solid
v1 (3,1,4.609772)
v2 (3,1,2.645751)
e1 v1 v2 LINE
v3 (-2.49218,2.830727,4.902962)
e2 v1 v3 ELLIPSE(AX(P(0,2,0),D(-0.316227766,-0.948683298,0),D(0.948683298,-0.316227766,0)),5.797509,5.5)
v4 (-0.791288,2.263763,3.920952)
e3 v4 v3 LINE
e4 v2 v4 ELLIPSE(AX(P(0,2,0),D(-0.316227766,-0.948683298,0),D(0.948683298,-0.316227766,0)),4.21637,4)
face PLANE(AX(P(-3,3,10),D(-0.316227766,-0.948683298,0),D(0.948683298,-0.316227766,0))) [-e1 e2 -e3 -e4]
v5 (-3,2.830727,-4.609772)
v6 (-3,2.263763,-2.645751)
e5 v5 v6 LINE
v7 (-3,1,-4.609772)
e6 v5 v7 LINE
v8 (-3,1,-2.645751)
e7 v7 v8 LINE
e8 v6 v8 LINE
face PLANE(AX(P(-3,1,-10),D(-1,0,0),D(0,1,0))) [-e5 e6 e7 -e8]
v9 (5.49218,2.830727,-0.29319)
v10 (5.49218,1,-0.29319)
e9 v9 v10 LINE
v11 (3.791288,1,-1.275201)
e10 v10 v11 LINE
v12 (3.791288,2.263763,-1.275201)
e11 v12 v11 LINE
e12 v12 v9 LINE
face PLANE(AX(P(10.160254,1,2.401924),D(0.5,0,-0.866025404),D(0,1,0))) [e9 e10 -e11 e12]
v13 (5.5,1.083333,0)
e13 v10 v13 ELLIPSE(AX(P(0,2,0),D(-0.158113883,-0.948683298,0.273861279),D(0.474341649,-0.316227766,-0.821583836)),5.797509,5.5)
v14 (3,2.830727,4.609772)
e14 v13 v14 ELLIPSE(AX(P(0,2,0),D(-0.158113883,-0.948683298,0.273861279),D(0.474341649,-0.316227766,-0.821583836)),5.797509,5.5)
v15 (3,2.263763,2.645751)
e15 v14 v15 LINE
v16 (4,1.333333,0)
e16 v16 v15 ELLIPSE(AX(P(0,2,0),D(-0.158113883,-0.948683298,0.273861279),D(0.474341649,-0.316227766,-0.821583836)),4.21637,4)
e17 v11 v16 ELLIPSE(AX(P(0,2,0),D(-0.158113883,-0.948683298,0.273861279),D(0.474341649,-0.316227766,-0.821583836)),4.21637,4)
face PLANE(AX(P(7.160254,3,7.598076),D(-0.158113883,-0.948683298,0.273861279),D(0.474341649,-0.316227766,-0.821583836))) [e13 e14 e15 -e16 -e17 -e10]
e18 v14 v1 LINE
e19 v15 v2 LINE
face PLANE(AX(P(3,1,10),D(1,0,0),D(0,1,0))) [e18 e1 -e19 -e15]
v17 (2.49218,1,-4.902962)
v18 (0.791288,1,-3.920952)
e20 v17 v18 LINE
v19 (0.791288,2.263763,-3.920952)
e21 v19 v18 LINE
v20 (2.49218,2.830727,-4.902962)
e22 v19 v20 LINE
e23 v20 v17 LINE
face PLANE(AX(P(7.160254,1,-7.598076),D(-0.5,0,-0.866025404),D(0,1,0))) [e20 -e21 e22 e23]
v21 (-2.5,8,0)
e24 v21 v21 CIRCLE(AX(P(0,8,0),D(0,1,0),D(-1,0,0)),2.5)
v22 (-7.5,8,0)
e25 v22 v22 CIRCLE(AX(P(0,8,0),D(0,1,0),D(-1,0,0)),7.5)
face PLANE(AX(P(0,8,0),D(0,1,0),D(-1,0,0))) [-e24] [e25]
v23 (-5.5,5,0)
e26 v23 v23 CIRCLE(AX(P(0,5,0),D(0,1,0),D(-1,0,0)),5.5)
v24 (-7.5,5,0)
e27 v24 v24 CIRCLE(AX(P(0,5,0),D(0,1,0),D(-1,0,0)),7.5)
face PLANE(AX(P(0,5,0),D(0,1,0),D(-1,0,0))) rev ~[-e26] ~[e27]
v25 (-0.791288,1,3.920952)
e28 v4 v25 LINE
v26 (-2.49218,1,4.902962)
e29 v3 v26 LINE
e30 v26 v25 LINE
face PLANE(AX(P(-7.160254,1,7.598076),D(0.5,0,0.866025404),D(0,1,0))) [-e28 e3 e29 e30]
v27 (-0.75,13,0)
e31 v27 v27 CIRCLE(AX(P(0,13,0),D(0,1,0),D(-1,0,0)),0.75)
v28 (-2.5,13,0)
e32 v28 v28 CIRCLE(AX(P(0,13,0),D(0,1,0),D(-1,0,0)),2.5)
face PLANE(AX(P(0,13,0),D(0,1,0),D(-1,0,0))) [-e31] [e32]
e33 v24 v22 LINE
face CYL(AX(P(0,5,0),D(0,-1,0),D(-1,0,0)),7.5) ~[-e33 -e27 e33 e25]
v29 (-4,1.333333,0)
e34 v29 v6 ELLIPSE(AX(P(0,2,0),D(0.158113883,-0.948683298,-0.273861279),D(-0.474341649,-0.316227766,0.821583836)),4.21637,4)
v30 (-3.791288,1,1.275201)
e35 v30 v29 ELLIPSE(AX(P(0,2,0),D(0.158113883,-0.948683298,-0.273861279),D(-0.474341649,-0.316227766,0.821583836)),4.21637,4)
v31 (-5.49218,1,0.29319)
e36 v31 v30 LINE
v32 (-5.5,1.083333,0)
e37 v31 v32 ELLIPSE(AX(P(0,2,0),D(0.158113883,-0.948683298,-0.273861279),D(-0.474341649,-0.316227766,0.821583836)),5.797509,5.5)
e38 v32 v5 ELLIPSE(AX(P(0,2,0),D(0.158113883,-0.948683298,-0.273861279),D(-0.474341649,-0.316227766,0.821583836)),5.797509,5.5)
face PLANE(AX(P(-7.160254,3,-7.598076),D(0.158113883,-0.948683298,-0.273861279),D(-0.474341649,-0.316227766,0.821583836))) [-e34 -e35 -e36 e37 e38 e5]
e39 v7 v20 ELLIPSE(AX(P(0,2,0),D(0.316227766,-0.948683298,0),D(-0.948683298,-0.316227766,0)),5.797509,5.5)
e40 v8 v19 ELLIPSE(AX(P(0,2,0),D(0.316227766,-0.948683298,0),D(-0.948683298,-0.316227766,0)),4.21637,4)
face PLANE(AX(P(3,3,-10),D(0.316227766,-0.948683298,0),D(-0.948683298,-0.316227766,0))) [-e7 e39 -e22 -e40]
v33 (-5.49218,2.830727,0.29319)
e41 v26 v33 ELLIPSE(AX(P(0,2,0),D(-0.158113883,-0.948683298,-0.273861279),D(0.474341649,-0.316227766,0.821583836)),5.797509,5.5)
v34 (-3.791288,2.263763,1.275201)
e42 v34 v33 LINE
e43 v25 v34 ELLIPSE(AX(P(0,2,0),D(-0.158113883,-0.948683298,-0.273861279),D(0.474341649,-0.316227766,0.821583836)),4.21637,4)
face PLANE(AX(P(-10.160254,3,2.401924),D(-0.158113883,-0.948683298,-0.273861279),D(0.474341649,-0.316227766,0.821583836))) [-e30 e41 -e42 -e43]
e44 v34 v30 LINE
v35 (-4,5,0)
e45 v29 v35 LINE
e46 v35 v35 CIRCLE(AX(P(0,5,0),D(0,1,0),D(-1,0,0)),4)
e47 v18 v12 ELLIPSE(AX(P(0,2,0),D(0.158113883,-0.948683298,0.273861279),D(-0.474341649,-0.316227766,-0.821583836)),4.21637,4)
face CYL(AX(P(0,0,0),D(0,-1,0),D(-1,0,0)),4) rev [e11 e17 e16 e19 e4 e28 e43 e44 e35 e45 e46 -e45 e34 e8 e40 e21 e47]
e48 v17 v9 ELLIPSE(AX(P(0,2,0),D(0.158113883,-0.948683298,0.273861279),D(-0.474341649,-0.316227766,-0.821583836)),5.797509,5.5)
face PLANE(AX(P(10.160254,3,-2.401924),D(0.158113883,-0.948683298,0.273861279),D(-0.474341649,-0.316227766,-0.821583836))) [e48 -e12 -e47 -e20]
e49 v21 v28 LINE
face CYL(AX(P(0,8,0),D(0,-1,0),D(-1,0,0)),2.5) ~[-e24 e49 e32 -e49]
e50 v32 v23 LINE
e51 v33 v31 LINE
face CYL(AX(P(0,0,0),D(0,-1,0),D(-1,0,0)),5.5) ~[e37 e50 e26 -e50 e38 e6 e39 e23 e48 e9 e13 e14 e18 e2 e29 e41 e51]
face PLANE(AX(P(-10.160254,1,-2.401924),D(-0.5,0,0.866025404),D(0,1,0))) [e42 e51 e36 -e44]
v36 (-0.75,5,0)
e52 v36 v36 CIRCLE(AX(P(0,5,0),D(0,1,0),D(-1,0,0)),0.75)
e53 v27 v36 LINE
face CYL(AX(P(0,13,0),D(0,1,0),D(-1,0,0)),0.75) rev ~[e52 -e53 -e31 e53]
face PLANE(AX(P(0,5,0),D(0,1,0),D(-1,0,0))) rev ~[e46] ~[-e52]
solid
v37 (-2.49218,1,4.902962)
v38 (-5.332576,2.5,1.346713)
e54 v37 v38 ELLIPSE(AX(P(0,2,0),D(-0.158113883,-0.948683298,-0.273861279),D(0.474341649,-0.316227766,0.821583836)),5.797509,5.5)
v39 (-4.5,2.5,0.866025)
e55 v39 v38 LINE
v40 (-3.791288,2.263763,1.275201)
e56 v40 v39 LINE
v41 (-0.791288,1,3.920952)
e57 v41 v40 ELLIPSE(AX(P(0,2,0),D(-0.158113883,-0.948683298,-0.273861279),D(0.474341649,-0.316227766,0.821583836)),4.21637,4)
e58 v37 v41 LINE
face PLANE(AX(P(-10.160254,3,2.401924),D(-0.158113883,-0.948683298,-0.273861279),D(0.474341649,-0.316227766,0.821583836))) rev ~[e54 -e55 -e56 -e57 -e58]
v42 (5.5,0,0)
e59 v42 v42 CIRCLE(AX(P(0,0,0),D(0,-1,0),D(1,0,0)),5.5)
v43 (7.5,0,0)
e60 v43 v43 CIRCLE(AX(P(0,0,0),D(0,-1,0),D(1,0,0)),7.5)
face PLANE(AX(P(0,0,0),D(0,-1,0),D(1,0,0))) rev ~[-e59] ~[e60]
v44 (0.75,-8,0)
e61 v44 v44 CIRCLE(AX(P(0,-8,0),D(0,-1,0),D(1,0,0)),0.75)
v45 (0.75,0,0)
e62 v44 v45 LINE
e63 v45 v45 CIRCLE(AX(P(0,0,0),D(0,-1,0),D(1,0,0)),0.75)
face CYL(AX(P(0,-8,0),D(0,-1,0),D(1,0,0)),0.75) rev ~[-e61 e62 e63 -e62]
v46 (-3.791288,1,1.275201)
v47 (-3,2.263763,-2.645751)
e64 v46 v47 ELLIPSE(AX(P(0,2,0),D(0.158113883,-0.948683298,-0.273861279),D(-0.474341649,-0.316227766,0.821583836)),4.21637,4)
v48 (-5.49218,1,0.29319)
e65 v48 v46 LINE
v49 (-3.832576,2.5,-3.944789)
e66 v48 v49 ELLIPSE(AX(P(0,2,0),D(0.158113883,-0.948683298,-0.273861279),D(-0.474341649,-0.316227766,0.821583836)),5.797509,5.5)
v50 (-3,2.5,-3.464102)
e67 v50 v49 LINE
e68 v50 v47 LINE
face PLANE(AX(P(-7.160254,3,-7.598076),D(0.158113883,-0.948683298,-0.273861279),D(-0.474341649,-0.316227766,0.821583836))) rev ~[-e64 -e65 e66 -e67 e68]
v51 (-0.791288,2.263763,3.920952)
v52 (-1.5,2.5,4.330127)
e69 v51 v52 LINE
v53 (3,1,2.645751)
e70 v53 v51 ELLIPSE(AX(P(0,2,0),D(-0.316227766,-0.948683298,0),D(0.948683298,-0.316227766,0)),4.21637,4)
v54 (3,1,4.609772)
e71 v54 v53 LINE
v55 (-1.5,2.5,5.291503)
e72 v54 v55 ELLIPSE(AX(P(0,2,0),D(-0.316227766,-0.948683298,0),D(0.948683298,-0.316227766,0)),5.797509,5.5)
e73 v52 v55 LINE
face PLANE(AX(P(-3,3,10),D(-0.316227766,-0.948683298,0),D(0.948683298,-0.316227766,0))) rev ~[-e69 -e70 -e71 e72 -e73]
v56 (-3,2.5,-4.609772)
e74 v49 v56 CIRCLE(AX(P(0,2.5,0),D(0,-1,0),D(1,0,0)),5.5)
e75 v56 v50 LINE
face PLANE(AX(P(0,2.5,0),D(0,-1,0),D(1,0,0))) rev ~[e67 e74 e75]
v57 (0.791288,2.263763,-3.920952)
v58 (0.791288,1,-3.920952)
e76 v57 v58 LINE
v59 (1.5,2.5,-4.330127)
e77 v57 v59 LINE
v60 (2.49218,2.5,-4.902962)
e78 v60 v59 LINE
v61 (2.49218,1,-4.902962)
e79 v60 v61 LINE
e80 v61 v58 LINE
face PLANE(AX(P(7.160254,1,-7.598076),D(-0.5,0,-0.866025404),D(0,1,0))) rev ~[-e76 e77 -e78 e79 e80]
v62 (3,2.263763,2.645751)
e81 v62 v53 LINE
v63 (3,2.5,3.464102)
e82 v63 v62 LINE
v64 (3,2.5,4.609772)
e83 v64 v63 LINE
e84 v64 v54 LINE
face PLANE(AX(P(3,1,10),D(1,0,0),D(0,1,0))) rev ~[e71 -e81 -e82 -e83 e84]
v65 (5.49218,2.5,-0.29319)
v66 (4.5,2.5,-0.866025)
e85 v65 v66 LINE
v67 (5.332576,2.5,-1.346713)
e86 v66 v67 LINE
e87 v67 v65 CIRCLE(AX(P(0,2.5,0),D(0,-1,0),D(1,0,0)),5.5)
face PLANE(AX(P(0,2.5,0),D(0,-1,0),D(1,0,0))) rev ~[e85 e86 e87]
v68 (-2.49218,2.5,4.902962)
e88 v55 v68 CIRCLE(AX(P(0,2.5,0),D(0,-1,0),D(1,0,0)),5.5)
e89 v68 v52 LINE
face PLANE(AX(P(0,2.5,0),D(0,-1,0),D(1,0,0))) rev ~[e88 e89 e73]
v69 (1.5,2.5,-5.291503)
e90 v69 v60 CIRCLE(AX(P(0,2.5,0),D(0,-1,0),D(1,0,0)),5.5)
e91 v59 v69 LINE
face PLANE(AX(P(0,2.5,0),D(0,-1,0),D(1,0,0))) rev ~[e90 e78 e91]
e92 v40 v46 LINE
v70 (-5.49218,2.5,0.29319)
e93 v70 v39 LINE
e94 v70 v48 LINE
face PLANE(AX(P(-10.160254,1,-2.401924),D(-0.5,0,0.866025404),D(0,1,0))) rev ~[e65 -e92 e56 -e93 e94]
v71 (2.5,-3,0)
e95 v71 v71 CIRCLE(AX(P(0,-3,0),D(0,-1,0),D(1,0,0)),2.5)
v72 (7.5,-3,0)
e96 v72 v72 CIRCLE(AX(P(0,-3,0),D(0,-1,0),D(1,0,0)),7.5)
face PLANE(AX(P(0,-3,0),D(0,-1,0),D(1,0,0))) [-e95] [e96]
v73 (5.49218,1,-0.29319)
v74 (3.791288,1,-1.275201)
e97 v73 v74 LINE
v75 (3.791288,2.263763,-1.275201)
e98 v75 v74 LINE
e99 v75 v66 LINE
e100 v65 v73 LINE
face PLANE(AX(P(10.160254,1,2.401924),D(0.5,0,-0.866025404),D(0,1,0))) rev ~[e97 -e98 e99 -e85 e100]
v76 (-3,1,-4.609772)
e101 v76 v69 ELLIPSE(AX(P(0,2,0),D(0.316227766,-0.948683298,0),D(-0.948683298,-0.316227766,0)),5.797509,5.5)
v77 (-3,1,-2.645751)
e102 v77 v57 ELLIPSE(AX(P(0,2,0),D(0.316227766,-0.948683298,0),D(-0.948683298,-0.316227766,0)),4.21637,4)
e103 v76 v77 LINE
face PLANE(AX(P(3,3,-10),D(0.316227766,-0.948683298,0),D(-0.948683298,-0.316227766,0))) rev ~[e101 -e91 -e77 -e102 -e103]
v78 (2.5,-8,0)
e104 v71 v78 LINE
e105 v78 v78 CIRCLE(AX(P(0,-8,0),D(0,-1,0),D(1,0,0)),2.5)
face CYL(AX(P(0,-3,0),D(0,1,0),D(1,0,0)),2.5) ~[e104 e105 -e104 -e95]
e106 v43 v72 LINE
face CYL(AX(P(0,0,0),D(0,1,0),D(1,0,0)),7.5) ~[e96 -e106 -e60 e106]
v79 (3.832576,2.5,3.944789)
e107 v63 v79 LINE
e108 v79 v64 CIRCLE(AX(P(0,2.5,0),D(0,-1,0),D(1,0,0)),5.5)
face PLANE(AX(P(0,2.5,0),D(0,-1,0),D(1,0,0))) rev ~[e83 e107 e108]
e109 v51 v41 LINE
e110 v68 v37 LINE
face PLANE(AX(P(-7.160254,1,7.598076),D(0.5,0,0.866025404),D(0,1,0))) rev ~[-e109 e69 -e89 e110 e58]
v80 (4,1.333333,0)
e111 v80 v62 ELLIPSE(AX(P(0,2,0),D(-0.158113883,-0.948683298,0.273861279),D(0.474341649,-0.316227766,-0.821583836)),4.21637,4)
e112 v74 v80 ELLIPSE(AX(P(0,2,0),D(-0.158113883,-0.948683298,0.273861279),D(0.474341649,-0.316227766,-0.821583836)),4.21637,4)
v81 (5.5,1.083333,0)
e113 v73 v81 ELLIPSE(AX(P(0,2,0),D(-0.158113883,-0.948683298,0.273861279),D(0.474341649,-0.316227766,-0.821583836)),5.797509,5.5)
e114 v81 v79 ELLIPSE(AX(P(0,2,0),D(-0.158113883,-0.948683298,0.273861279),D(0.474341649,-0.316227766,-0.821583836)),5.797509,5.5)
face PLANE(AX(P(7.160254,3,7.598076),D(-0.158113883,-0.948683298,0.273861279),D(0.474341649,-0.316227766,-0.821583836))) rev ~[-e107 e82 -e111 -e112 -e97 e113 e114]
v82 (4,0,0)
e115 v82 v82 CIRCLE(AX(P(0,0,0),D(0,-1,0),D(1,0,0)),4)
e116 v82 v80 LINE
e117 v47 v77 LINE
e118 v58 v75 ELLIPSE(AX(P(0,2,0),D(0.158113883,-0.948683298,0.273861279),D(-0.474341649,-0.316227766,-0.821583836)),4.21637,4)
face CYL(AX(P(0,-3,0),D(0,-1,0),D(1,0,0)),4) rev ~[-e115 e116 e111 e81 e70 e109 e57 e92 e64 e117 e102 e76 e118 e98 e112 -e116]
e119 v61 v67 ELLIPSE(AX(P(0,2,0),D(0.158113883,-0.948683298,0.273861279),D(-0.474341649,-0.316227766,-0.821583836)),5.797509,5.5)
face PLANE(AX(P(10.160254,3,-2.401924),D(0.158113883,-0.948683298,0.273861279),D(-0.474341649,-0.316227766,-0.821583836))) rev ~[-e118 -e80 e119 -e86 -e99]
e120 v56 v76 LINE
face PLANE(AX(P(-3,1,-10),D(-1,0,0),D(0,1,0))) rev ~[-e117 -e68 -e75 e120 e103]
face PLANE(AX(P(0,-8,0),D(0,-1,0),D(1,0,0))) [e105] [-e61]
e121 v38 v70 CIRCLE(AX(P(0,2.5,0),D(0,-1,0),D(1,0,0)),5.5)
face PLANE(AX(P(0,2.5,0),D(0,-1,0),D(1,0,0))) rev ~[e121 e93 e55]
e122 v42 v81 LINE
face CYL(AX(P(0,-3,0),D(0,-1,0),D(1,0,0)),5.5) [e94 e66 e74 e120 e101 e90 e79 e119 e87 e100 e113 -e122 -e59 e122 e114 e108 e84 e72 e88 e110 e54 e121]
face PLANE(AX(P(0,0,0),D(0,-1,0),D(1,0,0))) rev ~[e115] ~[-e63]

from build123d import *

# Parameters (mm, degrees)
F0_R      = 7.5
F1_DEPTH  = 3
F2_R      = 2.5
F3_DEPTH  = 5
F4_R      = 0.75
F5_DEPTH  = 8.001
F6_R      = 5.5
F6_R_2    = 4
F7_DEPTH  = 6
F10_DEPTH = 10
F11_COUNT = 6
F13_R     = 5.5
F13_R_2   = 4
F14_DEPTH = 5
F15_R     = 7.5
F16_DEPTH = 3
F17_R     = 2.5
F18_DEPTH = 5
F19_R     = 0.75
F20_DEPTH = 25
F22_R     = 7.5
F23_DEPTH = 2.5


with BuildPart() as f1:
    # F0 (on Front) → F1 (new body)
    with BuildSketch(Plane.XZ):
        Circle(F0_R)
    extrude(amount=F1_DEPTH)

    # F2 (on face) → F3 (join)
    with BuildSketch(Plane.XZ.offset(3)):
        Circle(F2_R)
    extrude(amount=F3_DEPTH)

    # F4 (on face) → F5 (cut, through all)
    with BuildSketch(Plane.XZ.offset(8)):
        Circle(F4_R)
    extrude(amount=-F5_DEPTH, mode=Mode.SUBTRACT)

    # F6 (on face) → F7 (join)
    with BuildSketch(Plane.XZ.offset(3)):
        Circle(F6_R)
        Circle(F6_R_2, mode=Mode.SUBTRACT)
    extrude(amount=-F7_DEPTH)


with BuildPart() as f10:
    # F9 (on offset) → F10 (new body)
    with BuildSketch(Plane.XY.offset(10)):
        Polygon((-3, 3), (3, 1), (3, 3), align=None)
    extrude(amount=-F10_DEPTH)


with BuildPart() as f11_1:
    # F11: instance of F10
    add(f10.part.rotate(Axis((0, 3, 0), (0, -1, 0)), 1 * 360 / F11_COUNT))


with BuildPart() as f11_2:
    # F11: instance of F10
    add(f10.part.rotate(Axis((0, 3, 0), (0, -1, 0)), 2 * 360 / F11_COUNT))


with BuildPart() as f11_3:
    # F11: instance of F10
    add(f10.part.rotate(Axis((0, 3, 0), (0, -1, 0)), 3 * 360 / F11_COUNT))


with BuildPart() as f11_4:
    # F11: instance of F10
    add(f10.part.rotate(Axis((0, 3, 0), (0, -1, 0)), 4 * 360 / F11_COUNT))


with BuildPart() as f11_5:
    # F11: instance of F10
    add(f10.part.rotate(Axis((0, 3, 0), (0, -1, 0)), 5 * 360 / F11_COUNT))


with BuildPart() as f1_1:
    add(f1.part)

    # F12: cut F11_3, F10, F11_4, F11_5, F11_1, F11_2
    add(f11_3.part, mode=Mode.SUBTRACT)
    add(f10.part, mode=Mode.SUBTRACT)
    add(f11_4.part, mode=Mode.SUBTRACT)
    add(f11_5.part, mode=Mode.SUBTRACT)
    add(f11_1.part, mode=Mode.SUBTRACT)
    add(f11_2.part, mode=Mode.SUBTRACT)


with BuildPart() as f14:
    # F13 (on face) → F14 (new body)
    with BuildSketch(Plane(origin=(0, 0, 0), x_dir=(-1, 0, 0), z_dir=(0, 1, 0))):
        Circle(F13_R)
        Circle(F13_R_2, mode=Mode.SUBTRACT)
    extrude(amount=F14_DEPTH)

    # F15 (on face) → F16 (join)
    with BuildSketch(Plane(origin=(0, 5, 0), x_dir=(-1, 0, 0), z_dir=(0, 1, 0))):
        Circle(F15_R)
    extrude(amount=F16_DEPTH)

    # F17 (on face) → F18 (join)
    with BuildSketch(Plane(origin=(0, 8, 0), x_dir=(-1, 0, 0), z_dir=(0, 1, 0))):
        Circle(F17_R)
    extrude(amount=F18_DEPTH)

    # F19 (on face) → F20 (cut)
    with BuildSketch(Plane(origin=(0, 13, 0), x_dir=(-1, 0, 0), z_dir=(0, 1, 0))):
        Circle(F19_R)
    extrude(amount=-F20_DEPTH, mode=Mode.SUBTRACT)

    # F21: cut F1
    add(f1_1.part, mode=Mode.SUBTRACT)


with BuildPart() as f1_2:
    add(f1_1.part)

    # F22 (on face) → F23 (cut)
    with BuildSketch(Plane.XZ.offset(-5)):
        Circle(F22_R)
    extrude(amount=F23_DEPTH, mode=Mode.SUBTRACT)


solid = Compound([f14.part, f1_2.part])
